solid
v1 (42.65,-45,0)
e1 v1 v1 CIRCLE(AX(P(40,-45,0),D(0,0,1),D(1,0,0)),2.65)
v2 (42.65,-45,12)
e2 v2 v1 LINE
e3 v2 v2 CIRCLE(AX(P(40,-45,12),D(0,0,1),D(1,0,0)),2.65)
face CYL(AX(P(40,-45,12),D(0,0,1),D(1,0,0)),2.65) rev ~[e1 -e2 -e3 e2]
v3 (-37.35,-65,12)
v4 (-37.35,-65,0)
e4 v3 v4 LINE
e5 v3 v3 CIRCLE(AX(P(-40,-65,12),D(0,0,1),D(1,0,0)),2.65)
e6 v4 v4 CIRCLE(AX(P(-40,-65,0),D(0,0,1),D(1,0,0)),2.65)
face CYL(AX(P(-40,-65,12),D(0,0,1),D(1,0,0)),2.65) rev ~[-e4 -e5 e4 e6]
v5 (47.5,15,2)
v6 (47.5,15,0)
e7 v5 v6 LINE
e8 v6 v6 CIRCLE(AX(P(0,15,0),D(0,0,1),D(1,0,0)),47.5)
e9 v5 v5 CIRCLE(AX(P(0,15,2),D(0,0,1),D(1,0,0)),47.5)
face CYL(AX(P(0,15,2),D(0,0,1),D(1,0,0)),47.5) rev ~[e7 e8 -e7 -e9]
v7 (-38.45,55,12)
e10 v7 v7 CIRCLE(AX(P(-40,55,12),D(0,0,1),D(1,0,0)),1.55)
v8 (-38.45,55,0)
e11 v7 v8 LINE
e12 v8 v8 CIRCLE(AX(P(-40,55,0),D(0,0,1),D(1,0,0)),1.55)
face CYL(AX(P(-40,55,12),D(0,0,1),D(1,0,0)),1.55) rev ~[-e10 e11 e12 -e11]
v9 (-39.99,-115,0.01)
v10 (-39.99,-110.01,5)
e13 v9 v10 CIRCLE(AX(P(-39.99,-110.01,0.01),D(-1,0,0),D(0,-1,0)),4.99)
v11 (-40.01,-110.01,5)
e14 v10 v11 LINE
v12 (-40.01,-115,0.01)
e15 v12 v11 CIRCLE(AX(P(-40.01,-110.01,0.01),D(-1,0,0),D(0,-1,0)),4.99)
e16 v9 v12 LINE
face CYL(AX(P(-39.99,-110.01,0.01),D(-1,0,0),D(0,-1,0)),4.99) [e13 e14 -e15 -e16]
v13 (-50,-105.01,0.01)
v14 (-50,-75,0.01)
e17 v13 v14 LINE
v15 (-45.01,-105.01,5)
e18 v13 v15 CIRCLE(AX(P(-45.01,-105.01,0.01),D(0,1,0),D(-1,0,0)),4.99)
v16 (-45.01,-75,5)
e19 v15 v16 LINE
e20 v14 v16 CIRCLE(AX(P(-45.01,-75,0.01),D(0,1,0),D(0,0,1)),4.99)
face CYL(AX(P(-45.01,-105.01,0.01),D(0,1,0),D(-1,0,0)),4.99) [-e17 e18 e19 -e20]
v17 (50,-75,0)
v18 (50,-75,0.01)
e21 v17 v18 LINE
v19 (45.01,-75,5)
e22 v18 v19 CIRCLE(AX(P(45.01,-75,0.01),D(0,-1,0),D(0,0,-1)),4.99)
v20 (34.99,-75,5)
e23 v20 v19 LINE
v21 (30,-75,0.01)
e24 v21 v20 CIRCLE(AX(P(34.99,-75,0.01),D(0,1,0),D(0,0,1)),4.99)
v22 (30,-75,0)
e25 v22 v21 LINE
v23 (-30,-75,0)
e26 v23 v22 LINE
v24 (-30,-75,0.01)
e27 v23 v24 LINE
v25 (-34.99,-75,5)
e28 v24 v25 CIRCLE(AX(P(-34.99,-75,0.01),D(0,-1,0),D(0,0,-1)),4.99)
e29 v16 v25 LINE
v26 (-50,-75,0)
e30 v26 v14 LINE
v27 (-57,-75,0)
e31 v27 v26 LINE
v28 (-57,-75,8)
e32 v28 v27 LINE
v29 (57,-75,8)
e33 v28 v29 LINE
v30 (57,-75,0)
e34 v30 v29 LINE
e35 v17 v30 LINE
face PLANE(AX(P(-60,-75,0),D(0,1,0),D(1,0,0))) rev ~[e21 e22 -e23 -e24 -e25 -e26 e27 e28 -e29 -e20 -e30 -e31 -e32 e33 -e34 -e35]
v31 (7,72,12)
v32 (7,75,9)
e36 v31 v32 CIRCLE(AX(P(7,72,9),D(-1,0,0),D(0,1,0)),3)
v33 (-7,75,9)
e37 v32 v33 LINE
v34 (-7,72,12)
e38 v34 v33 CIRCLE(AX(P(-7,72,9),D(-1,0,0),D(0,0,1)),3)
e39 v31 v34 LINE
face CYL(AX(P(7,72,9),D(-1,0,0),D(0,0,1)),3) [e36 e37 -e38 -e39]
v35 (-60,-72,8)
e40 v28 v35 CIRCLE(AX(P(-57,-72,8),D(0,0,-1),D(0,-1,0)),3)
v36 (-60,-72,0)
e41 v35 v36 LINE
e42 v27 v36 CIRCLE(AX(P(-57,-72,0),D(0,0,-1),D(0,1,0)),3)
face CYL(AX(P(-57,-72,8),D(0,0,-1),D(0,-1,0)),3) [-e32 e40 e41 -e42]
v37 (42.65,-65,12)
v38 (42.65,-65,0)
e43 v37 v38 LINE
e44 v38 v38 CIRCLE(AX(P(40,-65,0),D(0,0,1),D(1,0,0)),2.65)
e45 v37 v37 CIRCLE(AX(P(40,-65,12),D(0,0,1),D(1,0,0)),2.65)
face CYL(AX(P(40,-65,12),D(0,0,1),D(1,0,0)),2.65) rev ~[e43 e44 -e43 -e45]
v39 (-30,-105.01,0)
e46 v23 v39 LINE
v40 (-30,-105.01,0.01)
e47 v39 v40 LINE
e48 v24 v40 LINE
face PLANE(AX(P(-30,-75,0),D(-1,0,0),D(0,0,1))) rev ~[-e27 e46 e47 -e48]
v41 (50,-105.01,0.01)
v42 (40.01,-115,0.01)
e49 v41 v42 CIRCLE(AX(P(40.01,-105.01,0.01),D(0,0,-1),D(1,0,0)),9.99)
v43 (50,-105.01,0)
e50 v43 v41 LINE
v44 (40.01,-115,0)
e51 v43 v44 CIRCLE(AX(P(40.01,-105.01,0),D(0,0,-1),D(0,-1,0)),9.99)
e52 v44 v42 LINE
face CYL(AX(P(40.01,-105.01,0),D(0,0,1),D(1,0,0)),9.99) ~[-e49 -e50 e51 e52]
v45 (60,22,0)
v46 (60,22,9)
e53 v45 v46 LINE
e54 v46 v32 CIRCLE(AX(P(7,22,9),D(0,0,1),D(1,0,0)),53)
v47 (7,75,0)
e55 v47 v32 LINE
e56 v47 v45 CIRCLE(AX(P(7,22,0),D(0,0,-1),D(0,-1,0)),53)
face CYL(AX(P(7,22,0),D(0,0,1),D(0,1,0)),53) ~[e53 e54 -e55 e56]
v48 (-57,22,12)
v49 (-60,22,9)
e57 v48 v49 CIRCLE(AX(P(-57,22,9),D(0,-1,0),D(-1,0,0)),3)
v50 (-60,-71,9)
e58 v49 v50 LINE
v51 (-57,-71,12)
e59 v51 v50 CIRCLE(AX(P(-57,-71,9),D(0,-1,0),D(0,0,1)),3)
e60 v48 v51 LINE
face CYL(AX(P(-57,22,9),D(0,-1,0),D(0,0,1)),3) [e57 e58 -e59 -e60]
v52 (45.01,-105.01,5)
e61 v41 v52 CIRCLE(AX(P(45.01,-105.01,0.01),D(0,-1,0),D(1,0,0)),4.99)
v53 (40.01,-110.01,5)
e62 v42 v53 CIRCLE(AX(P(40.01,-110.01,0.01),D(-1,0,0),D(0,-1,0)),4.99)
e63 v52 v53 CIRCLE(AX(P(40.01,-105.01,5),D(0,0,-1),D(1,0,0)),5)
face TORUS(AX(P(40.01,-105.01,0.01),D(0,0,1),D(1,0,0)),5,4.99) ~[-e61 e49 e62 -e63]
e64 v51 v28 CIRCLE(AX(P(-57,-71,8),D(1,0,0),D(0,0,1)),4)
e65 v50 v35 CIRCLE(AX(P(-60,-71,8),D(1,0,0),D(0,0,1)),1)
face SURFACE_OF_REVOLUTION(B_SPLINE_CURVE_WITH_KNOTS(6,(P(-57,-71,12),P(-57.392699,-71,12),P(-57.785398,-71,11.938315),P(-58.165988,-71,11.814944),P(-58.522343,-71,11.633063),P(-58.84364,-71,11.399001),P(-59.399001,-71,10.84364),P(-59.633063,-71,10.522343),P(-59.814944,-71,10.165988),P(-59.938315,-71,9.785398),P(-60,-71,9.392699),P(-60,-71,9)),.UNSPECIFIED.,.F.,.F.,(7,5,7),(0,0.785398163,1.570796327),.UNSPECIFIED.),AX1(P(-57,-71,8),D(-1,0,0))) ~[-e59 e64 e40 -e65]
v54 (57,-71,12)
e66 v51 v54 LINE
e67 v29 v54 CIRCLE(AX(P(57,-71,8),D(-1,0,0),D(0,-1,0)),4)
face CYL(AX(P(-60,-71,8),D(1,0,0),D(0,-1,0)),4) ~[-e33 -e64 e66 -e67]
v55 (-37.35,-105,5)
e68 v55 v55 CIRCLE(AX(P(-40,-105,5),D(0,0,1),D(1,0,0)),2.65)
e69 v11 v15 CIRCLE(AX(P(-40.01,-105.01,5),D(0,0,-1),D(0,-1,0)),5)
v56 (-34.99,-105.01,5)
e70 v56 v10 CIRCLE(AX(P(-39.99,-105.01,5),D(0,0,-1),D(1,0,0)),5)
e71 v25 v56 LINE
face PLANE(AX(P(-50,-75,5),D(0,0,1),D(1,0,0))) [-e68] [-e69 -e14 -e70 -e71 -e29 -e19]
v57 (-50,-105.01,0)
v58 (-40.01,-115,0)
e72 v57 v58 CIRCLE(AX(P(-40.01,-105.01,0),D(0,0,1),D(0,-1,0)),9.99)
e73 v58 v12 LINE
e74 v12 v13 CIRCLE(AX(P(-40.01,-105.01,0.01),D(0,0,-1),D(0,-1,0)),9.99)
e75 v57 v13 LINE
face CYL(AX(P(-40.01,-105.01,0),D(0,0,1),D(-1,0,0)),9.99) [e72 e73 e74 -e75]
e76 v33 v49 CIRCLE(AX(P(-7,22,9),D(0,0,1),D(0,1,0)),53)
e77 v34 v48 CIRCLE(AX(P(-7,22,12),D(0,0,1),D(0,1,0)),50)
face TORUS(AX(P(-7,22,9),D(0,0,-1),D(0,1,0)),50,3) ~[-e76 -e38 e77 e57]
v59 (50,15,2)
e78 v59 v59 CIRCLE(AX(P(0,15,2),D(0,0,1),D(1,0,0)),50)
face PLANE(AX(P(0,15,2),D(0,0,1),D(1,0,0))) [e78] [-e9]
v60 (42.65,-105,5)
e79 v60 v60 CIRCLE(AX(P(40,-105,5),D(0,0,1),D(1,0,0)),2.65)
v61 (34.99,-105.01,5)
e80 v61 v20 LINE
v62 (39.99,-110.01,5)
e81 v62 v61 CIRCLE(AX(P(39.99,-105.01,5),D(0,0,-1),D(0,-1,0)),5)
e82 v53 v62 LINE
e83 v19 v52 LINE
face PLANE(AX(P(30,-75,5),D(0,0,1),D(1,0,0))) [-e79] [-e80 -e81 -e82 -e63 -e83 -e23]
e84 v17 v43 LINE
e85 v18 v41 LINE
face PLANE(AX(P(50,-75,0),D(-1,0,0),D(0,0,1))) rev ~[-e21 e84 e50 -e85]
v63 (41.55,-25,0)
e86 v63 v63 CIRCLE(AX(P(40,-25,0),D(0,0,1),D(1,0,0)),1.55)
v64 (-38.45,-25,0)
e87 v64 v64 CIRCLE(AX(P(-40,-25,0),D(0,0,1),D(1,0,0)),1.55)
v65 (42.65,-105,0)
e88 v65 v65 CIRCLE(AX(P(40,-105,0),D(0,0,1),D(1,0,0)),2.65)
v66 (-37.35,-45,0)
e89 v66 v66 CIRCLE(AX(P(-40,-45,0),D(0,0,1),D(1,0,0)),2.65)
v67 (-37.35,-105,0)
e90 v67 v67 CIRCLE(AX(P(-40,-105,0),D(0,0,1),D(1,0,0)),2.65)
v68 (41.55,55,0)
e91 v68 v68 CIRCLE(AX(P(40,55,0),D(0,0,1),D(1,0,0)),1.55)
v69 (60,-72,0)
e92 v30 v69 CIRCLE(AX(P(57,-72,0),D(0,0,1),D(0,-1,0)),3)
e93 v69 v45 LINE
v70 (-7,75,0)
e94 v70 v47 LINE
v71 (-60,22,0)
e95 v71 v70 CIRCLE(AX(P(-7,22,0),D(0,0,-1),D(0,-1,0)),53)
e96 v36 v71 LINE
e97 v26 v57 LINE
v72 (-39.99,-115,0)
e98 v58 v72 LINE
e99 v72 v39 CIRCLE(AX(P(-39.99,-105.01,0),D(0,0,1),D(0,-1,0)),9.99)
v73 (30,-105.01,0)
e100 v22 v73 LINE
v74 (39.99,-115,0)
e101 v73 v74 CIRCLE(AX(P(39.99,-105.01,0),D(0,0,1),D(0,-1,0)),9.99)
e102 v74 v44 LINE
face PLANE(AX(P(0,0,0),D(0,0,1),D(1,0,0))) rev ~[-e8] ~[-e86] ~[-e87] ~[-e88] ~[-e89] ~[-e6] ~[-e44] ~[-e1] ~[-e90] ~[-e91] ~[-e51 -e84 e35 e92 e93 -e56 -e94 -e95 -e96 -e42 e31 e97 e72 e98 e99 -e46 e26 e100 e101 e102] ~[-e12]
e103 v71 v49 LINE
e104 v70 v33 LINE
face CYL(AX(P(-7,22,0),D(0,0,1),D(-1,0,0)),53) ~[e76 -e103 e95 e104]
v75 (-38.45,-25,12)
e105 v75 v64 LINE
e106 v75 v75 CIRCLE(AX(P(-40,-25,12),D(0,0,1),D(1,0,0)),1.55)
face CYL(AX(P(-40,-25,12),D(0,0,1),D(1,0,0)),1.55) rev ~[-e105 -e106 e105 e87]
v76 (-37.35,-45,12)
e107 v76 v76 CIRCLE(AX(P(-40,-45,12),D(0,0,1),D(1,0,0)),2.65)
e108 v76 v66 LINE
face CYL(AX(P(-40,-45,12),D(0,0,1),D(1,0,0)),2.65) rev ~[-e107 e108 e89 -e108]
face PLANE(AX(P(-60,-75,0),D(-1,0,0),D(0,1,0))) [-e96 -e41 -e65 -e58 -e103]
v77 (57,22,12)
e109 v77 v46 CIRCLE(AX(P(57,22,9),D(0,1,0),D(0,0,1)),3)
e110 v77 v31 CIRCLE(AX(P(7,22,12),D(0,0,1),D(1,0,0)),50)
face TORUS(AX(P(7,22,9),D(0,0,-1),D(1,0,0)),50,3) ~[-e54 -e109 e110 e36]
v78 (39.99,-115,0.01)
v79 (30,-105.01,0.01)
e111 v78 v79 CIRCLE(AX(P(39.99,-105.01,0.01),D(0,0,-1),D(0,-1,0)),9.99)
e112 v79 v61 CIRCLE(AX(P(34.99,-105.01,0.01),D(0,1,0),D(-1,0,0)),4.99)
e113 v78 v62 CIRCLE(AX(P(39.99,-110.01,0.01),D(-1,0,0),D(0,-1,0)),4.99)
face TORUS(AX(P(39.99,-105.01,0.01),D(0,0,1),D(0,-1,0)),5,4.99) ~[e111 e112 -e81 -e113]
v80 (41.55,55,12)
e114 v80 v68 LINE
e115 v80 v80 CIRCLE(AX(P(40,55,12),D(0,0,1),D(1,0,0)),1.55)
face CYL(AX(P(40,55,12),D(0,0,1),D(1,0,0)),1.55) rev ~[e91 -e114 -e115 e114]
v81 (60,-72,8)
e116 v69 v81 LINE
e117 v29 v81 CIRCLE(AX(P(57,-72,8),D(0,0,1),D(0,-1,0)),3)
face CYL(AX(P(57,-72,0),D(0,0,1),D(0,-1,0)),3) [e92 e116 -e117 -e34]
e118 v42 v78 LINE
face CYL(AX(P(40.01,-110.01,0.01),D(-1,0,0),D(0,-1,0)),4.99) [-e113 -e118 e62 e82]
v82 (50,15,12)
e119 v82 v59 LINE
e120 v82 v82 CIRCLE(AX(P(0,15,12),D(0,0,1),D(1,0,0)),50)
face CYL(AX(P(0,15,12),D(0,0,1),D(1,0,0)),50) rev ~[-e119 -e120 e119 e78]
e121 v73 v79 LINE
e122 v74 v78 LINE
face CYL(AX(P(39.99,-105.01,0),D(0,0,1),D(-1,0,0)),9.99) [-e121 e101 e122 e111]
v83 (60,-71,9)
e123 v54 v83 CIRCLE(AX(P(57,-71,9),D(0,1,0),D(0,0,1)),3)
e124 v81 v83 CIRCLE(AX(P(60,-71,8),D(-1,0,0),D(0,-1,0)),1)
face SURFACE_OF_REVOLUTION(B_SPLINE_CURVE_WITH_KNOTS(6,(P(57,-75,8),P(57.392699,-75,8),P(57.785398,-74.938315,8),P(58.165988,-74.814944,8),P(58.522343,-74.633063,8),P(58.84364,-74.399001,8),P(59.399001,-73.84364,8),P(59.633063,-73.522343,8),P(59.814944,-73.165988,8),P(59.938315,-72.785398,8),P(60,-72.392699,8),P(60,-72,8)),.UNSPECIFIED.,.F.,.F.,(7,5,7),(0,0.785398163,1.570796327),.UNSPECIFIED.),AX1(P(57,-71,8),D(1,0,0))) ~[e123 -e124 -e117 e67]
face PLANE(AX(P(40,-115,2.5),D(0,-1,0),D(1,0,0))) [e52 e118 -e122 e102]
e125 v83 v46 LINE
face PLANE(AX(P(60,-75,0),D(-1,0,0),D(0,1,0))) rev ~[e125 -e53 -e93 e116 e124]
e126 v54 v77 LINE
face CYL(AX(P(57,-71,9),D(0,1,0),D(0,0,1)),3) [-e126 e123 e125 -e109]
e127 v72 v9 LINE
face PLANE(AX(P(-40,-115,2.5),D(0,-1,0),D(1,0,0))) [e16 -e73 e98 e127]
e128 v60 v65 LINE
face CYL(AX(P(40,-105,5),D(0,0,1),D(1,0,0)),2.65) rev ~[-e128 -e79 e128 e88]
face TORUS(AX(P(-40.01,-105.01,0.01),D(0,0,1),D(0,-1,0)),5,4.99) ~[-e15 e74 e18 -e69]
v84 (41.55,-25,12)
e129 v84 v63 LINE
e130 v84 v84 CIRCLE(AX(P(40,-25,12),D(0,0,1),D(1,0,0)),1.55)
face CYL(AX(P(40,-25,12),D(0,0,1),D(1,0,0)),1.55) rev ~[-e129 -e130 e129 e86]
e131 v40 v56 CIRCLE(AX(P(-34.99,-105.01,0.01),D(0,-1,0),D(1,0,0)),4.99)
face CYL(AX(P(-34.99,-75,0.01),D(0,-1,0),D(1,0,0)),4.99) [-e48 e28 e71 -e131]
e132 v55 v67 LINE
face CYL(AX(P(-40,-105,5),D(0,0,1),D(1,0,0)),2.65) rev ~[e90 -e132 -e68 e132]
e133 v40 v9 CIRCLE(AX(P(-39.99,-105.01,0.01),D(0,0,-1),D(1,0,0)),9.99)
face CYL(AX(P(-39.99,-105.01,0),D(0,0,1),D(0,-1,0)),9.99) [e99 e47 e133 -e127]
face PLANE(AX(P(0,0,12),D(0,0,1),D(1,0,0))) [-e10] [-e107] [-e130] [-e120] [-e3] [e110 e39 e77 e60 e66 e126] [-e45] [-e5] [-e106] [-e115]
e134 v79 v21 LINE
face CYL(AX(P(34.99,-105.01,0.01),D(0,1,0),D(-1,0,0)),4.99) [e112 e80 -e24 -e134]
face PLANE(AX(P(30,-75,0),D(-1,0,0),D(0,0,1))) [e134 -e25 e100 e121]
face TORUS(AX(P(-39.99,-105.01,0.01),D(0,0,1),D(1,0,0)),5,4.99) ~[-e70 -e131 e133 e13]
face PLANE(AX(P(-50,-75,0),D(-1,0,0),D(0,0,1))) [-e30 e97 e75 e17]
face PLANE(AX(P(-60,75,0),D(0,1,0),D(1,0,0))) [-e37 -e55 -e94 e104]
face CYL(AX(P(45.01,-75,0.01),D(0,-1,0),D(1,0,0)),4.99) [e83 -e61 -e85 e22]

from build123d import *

# Parameters (mm, degrees)
SKETCH_W        = 120
SKETCH_H        = 150
PAD_DEPTH       = 12
SKETCH001_R     = 50
POCKET_DEPTH    = 10
SKETCH002_R     = 47.5
POCKET001_DEPTH = 2
SKETCH003_R     = 2.65
POCKET002_DEPTH = 15
SKETCH004_R     = 1.55
POCKET003_DEPTH = 15
SKETCH005_W     = 20
SKETCH005_H     = 5
PAD001_DEPTH    = 40
SKETCH006_R     = 2.65
POCKET004_DEPTH = 5
FILLET_R        = 53
FILLET001_R     = 4
FILLET002_R     = 3
FILLET003_R     = 9.99
FILLET004_R     = 4.99


with BuildPart() as part:
    # Sketch → Pad (new body)
    with BuildSketch(Plane.XY):
        Rectangle(SKETCH_W, SKETCH_H)
    extrude(amount=PAD_DEPTH)

    # Sketch001 (on Face6 of Pad) → Pocket (cut)
    with BuildSketch(Plane.XY.offset(12)):
        with Locations((0, 15)):
            Circle(SKETCH001_R)
    extrude(amount=-POCKET_DEPTH, mode=Mode.SUBTRACT)

    # Sketch002 (on Face8 of Pocket) → Pocket001 (cut)
    with BuildSketch(Plane.XY.offset(2)):
        with Locations((0, 15)):
            Circle(SKETCH002_R)
    extrude(amount=-POCKET001_DEPTH, mode=Mode.SUBTRACT)

    # Sketch003 (on Face5 of Pocket001) → Pocket002 (cut)
    with BuildSketch(Plane.XY.offset(12)):
        with Locations((-40, -45)):
            Circle(SKETCH003_R)
        with Locations((-40, -65)):
            Circle(SKETCH003_R)
        with Locations((40, -45)):
            Circle(SKETCH003_R)
        with Locations((40, -65)):
            Circle(SKETCH003_R)
    extrude(amount=-POCKET002_DEPTH, mode=Mode.SUBTRACT)

    # Sketch004 (on Face5 of Pocket002) → Pocket003 (cut)
    with BuildSketch(Plane.XY.offset(12)):
        with Locations((-40, 55)):
            Circle(SKETCH004_R)
        with Locations((40, 55)):
            Circle(SKETCH004_R)
        with Locations((40, -25)):
            Circle(SKETCH004_R)
        with Locations((-40, -25)):
            Circle(SKETCH004_R)
    extrude(amount=-POCKET003_DEPTH, mode=Mode.SUBTRACT)

    # Sketch005 (on Face2 of Pocket003) → Pad001 (join)
    with BuildSketch(Plane.XZ.offset(75)):
        with Locations((-40, 2.5)):
            Rectangle(SKETCH005_W, SKETCH005_H)
        with Locations((40, 2.5)):
            Rectangle(SKETCH005_W, SKETCH005_H)
    extrude(amount=PAD001_DEPTH)

    # Sketch006 (on Face10 of Pad001) → Pocket004 (cut)
    with BuildSketch(Plane.XY.offset(5)):
        with Locations((-40, -105)):
            Circle(SKETCH006_R)
        with Locations((40, -105)):
            Circle(SKETCH006_R)
    extrude(amount=-POCKET004_DEPTH, mode=Mode.SUBTRACT)

    # Fillet
    fillet_edges = [part.edges().sort_by_distance(p)[0] for p in [
        (60, 75, 6),
        (-60, 75, 6),
    ]]
    fillet(fillet_edges, radius=FILLET_R)

    # Fillet001
    fillet001_edges = [part.edges().sort_by_distance(p)[0] for p in [
        (0, -75, 12),
    ]]
    fillet(fillet001_edges, radius=FILLET001_R)

    # Fillet002
    fillet002_edges = [part.edges().sort_by_distance(p)[0] for p in [
        (60, -24.5, 12),
        (-60, -24.5, 12),
    ]]
    fillet(fillet002_edges, radius=FILLET002_R)

    # Fillet003
    fillet003_edges = [part.edges().sort_by_distance(p)[0] for p in [
        (-30, -115, 2.5),
        (-50, -115, 2.5),
        (30, -115, 2.5),
        (50, -115, 2.5),
    ]]
    fillet(fillet003_edges, radius=FILLET003_R)

    # Fillet004
    fillet004_edges = [part.edges().sort_by_distance(p)[0] for p in [
        (50, -90.005, 5),
        (30, -90.005, 5),
        (-30, -90.005, 5),
        (-50, -90.005, 5),
    ]]
    fillet(fillet004_edges, radius=FILLET004_R)


solid = part.part
